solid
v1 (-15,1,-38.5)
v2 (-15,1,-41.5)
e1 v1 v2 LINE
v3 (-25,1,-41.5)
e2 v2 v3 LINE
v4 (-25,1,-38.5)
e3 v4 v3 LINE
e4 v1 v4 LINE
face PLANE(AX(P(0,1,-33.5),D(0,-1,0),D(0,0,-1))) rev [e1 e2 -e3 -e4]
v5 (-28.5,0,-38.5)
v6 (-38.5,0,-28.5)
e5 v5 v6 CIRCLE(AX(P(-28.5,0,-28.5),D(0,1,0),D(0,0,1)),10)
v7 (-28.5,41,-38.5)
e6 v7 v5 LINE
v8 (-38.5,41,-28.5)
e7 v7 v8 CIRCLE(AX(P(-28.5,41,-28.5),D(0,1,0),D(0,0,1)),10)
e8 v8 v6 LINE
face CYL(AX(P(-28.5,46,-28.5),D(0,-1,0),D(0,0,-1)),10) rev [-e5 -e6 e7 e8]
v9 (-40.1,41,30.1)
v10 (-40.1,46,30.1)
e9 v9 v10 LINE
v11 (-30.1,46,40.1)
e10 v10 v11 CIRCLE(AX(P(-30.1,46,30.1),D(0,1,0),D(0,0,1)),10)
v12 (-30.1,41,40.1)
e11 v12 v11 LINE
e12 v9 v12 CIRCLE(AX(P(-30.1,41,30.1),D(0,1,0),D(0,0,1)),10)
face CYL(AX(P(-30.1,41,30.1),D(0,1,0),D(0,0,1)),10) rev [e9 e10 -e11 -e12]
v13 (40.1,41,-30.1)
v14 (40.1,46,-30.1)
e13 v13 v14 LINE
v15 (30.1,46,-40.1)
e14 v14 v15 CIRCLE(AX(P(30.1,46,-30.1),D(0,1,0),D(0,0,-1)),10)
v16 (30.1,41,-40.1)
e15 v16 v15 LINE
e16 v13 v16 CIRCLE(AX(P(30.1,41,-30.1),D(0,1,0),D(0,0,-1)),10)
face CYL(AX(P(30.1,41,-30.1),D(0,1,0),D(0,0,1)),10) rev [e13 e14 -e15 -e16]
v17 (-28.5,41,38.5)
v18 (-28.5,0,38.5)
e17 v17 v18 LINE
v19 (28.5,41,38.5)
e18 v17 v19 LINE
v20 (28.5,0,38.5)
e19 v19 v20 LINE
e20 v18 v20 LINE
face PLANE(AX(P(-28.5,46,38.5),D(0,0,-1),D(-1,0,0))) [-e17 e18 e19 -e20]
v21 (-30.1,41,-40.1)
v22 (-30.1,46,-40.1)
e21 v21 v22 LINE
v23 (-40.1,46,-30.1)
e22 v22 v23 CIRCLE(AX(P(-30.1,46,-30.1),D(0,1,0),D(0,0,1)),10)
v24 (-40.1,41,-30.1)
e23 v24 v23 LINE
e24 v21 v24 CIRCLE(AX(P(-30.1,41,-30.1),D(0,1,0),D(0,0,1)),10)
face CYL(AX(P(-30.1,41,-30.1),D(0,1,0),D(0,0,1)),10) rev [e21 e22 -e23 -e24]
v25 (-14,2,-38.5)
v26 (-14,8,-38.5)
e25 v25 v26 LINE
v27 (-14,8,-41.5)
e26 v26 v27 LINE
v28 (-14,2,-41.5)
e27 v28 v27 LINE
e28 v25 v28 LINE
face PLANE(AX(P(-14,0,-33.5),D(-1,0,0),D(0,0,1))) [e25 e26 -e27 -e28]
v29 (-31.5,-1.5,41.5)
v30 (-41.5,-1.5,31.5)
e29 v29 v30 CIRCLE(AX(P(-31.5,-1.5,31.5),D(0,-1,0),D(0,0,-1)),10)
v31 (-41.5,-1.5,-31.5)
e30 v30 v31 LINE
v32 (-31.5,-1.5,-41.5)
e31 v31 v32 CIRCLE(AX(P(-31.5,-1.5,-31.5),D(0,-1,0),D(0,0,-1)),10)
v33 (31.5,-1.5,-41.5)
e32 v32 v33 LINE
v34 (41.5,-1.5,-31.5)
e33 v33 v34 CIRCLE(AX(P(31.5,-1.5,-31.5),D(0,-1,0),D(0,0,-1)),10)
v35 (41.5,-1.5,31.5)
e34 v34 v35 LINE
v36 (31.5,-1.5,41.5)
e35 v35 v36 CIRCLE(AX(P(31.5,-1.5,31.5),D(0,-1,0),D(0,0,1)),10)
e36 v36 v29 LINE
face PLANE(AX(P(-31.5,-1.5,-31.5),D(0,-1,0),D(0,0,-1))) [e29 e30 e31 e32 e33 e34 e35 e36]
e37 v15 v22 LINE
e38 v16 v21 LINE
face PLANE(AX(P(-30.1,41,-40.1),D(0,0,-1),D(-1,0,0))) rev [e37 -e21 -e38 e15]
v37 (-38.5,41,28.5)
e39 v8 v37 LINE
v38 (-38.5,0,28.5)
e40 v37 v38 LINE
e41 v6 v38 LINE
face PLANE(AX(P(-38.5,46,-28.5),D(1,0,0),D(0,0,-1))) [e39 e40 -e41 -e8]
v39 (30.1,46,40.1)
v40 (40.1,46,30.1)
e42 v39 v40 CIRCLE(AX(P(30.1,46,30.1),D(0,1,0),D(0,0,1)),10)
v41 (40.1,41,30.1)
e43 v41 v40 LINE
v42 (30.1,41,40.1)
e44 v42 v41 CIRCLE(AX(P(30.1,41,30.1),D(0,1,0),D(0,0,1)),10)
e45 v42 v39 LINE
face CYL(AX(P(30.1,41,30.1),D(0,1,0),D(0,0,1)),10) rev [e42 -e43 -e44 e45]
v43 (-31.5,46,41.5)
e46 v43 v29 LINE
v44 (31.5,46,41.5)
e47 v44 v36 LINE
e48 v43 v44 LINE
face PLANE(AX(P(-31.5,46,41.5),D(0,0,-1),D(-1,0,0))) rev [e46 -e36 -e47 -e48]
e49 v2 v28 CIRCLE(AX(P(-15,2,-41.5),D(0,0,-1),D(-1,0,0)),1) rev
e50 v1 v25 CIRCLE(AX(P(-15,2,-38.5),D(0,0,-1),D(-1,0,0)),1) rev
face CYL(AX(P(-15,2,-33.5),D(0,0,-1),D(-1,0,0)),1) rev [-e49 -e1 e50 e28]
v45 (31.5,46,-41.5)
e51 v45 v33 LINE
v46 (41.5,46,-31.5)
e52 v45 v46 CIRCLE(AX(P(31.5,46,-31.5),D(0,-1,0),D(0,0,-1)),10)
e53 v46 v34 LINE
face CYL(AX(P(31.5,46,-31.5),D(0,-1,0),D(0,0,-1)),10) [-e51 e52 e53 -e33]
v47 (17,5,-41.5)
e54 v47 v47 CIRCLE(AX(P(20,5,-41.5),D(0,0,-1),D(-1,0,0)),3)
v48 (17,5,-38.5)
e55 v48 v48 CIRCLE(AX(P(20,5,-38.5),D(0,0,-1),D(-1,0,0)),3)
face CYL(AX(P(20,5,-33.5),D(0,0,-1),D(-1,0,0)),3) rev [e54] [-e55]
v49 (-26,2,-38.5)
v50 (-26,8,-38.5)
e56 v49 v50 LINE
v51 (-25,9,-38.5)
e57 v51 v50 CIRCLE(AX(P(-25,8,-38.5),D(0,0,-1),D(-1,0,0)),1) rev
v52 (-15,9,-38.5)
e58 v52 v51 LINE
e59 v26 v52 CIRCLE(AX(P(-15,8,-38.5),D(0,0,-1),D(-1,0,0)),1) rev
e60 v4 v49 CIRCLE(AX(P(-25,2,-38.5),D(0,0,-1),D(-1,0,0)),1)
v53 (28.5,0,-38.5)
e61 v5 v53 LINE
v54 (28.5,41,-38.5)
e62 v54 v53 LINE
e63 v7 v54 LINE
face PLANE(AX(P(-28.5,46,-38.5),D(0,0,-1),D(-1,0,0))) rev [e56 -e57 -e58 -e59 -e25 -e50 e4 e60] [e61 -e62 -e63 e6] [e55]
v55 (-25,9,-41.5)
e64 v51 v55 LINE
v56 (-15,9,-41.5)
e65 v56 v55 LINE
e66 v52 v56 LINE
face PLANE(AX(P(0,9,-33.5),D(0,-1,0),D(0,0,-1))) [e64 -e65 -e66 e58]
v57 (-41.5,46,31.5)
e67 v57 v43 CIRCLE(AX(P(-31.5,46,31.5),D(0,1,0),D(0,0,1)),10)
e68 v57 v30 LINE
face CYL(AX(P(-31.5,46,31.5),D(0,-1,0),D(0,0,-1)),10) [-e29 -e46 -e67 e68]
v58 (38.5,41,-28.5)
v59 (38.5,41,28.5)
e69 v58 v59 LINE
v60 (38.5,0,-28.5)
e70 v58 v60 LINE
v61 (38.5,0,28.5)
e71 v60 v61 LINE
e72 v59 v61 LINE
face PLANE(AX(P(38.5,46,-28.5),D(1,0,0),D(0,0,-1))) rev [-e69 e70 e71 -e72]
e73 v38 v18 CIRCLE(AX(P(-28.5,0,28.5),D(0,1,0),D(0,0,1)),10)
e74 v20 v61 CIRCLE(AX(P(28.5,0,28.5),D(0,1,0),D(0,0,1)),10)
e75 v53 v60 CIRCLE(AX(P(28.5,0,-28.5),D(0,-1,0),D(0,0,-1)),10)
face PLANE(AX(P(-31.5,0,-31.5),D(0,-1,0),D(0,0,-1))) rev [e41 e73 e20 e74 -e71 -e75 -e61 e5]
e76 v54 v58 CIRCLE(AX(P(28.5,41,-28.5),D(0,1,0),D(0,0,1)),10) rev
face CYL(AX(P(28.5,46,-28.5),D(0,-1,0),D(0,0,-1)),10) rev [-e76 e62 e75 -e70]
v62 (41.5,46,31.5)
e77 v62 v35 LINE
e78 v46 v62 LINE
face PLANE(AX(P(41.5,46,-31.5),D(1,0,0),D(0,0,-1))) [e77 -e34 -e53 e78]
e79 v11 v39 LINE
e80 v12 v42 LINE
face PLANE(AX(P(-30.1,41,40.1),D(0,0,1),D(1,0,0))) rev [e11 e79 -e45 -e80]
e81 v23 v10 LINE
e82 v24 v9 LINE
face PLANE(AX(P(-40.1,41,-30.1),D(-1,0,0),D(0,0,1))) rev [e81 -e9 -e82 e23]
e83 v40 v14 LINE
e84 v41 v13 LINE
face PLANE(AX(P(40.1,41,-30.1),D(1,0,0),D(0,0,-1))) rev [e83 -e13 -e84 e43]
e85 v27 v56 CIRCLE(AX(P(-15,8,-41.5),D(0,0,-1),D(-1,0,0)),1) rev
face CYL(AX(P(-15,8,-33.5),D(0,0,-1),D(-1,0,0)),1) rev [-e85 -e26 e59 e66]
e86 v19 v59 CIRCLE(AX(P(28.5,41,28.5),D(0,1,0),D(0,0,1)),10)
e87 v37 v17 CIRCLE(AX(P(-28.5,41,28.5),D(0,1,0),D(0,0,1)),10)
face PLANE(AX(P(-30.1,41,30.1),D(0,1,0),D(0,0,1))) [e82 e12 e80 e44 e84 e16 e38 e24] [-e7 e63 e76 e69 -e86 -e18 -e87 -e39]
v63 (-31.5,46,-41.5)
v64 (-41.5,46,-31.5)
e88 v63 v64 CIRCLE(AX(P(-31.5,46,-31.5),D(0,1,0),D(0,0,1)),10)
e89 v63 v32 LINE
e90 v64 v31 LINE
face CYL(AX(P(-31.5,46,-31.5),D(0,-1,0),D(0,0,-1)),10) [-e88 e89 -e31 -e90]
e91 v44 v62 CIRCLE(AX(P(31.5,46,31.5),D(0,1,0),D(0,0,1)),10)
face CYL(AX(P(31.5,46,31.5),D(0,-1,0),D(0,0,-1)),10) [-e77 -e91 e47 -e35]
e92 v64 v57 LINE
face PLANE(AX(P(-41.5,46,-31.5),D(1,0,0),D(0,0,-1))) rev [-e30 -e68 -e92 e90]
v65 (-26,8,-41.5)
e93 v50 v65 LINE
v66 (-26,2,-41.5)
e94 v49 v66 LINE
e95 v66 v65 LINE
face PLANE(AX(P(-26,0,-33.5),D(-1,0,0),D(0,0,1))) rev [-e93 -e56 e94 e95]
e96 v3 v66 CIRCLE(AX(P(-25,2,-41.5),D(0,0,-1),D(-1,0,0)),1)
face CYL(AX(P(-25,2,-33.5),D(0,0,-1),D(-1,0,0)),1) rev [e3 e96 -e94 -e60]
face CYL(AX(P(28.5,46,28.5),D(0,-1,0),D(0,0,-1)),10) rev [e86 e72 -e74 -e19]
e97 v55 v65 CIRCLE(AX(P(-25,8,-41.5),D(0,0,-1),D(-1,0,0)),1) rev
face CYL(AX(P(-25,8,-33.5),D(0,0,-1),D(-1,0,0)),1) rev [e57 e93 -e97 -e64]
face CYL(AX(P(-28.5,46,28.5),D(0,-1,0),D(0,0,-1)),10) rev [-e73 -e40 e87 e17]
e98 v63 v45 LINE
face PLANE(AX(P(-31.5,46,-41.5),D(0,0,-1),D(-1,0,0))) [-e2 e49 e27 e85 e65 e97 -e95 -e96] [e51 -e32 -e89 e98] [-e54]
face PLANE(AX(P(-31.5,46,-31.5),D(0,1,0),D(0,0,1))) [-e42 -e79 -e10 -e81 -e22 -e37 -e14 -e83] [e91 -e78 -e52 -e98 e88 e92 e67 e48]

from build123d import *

# Parameters (mm, degrees)
BOSS_EXTRUDE1_DEPTH = 46
CUT_EXTRUDE1_DEPTH  = 5
BOSS_EXTRUDE2_START = 1.5
BOSS_EXTRUDE2_DEPTH = 1.5
SKETCH4_R           = 3
CUT_EXTRUDE2_DEPTH  = 8


with BuildPart() as part:
    # Sketch1 → Boss-Extrude1 (new body)
    with BuildSketch(Plane(origin=(0, 0, 0), x_dir=(1, 0, 0), z_dir=(0, 1, 0))):
        with BuildLine():
            Line((-31.5, 41.5), (31.5, 41.5))
            ThreePointArc((31.5, 41.5), (38.571067812, 38.571067812), (41.5, 31.5))
            Line((41.5, 31.5), (41.5, -31.5))
            ThreePointArc((41.5, -31.5), (38.571067812, -38.571067812), (31.5, -41.5))
            Line((31.5, -41.5), (-31.5, -41.5))
            ThreePointArc((-31.5, -41.5), (-38.571067812, -38.571067812), (-41.5, -31.5))
            Line((-41.5, -31.5), (-41.5, 31.5))
            ThreePointArc((-41.5, 31.5), (-38.571067812, 38.571067812), (-31.5, 41.5))
        make_face()
        with BuildLine():
            Line((-28.5, 38.5), (28.5, 38.5))
            ThreePointArc((28.5, 38.5), (35.571067812, 35.571067812), (38.5, 28.5))
            Line((38.5, 28.5), (38.5, -28.5))
            ThreePointArc((38.5, -28.5), (35.571067812, -35.571067812), (28.5, -38.5))
            Line((28.5, -38.5), (-28.5, -38.5))
            ThreePointArc((-28.5, -38.5), (-35.571067812, -35.571067812), (-38.5, -28.5))
            Line((-38.5, -28.5), (-38.5, 28.5))
            ThreePointArc((-38.5, 28.5), (-35.571067812, 35.571067812), (-28.5, 38.5))
        make_face(mode=Mode.SUBTRACT)
    extrude(amount=BOSS_EXTRUDE1_DEPTH)

    # Sketch2 → Cut-Extrude1 (cut)
    with BuildSketch(Plane(origin=(0, 46, 0), x_dir=(1, 0, 0), z_dir=(0, 1, 0))):
        with BuildLine():
            Line((-30.1, 40.1), (30.1, 40.1))
            ThreePointArc((30.1, 40.1), (37.171067812, 37.171067812), (40.1, 30.1))
            Line((40.1, 30.1), (40.1, -30.1))
            ThreePointArc((40.1, -30.1), (37.171067812, -37.171067812), (30.1, -40.1))
            Line((30.1, -40.1), (-30.1, -40.1))
            ThreePointArc((-30.1, -40.1), (-37.171067812, -37.171067812), (-40.1, -30.1))
            Line((-40.1, -30.1), (-40.1, 30.1))
            ThreePointArc((-40.1, 30.1), (-37.171067812, 37.171067812), (-30.1, 40.1))
        make_face()
    extrude(amount=-CUT_EXTRUDE1_DEPTH, mode=Mode.SUBTRACT)

    # Sketch3 → Boss-Extrude2 (add)
    with BuildSketch(Plane.XZ.offset(BOSS_EXTRUDE2_START)):
        with BuildLine():
            Line((-31.5, 41.5), (31.5, 41.5))
            ThreePointArc((31.5, 41.5), (38.571067812, 38.571067812), (41.5, 31.5))
            Line((41.5, 31.5), (41.5, -31.5))
            ThreePointArc((41.5, -31.5), (38.571067812, -38.571067812), (31.5, -41.5))
            Line((31.5, -41.5), (-31.5, -41.5))
            ThreePointArc((-31.5, -41.5), (-38.571067812, -38.571067812), (-41.5, -31.5))
            Line((-41.5, -31.5), (-41.5, 31.5))
            ThreePointArc((-41.5, 31.5), (-38.571067812, 38.571067812), (-31.5, 41.5))
        make_face()
    extrude(amount=-BOSS_EXTRUDE2_DEPTH)

    # Sketch4 → Cut-Extrude2 (cut)
    with BuildSketch(Plane(origin=(0, 0, -41.5), x_dir=(-1, 0, 0), z_dir=(0, 0, -1))):
        with Locations((-20, 5)):
            Circle(SKETCH4_R)
        with BuildLine():
            Line((15, 1), (25, 1))
            ThreePointArc((25, 1), (25.707106781, 1.292893219), (26, 2))
            Line((26, 2), (26, 8))
            ThreePointArc((26, 8), (25.707106781, 8.707106781), (25, 9))
            Line((25, 9), (15, 9))
            ThreePointArc((15, 9), (14.292893219, 8.707106781), (14, 8))
            Line((14, 8), (14, 2))
            ThreePointArc((14, 2), (14.292893219, 1.292893219), (15, 1))
        make_face()
    extrude(amount=-CUT_EXTRUDE2_DEPTH, mode=Mode.SUBTRACT)


solid = part.part
